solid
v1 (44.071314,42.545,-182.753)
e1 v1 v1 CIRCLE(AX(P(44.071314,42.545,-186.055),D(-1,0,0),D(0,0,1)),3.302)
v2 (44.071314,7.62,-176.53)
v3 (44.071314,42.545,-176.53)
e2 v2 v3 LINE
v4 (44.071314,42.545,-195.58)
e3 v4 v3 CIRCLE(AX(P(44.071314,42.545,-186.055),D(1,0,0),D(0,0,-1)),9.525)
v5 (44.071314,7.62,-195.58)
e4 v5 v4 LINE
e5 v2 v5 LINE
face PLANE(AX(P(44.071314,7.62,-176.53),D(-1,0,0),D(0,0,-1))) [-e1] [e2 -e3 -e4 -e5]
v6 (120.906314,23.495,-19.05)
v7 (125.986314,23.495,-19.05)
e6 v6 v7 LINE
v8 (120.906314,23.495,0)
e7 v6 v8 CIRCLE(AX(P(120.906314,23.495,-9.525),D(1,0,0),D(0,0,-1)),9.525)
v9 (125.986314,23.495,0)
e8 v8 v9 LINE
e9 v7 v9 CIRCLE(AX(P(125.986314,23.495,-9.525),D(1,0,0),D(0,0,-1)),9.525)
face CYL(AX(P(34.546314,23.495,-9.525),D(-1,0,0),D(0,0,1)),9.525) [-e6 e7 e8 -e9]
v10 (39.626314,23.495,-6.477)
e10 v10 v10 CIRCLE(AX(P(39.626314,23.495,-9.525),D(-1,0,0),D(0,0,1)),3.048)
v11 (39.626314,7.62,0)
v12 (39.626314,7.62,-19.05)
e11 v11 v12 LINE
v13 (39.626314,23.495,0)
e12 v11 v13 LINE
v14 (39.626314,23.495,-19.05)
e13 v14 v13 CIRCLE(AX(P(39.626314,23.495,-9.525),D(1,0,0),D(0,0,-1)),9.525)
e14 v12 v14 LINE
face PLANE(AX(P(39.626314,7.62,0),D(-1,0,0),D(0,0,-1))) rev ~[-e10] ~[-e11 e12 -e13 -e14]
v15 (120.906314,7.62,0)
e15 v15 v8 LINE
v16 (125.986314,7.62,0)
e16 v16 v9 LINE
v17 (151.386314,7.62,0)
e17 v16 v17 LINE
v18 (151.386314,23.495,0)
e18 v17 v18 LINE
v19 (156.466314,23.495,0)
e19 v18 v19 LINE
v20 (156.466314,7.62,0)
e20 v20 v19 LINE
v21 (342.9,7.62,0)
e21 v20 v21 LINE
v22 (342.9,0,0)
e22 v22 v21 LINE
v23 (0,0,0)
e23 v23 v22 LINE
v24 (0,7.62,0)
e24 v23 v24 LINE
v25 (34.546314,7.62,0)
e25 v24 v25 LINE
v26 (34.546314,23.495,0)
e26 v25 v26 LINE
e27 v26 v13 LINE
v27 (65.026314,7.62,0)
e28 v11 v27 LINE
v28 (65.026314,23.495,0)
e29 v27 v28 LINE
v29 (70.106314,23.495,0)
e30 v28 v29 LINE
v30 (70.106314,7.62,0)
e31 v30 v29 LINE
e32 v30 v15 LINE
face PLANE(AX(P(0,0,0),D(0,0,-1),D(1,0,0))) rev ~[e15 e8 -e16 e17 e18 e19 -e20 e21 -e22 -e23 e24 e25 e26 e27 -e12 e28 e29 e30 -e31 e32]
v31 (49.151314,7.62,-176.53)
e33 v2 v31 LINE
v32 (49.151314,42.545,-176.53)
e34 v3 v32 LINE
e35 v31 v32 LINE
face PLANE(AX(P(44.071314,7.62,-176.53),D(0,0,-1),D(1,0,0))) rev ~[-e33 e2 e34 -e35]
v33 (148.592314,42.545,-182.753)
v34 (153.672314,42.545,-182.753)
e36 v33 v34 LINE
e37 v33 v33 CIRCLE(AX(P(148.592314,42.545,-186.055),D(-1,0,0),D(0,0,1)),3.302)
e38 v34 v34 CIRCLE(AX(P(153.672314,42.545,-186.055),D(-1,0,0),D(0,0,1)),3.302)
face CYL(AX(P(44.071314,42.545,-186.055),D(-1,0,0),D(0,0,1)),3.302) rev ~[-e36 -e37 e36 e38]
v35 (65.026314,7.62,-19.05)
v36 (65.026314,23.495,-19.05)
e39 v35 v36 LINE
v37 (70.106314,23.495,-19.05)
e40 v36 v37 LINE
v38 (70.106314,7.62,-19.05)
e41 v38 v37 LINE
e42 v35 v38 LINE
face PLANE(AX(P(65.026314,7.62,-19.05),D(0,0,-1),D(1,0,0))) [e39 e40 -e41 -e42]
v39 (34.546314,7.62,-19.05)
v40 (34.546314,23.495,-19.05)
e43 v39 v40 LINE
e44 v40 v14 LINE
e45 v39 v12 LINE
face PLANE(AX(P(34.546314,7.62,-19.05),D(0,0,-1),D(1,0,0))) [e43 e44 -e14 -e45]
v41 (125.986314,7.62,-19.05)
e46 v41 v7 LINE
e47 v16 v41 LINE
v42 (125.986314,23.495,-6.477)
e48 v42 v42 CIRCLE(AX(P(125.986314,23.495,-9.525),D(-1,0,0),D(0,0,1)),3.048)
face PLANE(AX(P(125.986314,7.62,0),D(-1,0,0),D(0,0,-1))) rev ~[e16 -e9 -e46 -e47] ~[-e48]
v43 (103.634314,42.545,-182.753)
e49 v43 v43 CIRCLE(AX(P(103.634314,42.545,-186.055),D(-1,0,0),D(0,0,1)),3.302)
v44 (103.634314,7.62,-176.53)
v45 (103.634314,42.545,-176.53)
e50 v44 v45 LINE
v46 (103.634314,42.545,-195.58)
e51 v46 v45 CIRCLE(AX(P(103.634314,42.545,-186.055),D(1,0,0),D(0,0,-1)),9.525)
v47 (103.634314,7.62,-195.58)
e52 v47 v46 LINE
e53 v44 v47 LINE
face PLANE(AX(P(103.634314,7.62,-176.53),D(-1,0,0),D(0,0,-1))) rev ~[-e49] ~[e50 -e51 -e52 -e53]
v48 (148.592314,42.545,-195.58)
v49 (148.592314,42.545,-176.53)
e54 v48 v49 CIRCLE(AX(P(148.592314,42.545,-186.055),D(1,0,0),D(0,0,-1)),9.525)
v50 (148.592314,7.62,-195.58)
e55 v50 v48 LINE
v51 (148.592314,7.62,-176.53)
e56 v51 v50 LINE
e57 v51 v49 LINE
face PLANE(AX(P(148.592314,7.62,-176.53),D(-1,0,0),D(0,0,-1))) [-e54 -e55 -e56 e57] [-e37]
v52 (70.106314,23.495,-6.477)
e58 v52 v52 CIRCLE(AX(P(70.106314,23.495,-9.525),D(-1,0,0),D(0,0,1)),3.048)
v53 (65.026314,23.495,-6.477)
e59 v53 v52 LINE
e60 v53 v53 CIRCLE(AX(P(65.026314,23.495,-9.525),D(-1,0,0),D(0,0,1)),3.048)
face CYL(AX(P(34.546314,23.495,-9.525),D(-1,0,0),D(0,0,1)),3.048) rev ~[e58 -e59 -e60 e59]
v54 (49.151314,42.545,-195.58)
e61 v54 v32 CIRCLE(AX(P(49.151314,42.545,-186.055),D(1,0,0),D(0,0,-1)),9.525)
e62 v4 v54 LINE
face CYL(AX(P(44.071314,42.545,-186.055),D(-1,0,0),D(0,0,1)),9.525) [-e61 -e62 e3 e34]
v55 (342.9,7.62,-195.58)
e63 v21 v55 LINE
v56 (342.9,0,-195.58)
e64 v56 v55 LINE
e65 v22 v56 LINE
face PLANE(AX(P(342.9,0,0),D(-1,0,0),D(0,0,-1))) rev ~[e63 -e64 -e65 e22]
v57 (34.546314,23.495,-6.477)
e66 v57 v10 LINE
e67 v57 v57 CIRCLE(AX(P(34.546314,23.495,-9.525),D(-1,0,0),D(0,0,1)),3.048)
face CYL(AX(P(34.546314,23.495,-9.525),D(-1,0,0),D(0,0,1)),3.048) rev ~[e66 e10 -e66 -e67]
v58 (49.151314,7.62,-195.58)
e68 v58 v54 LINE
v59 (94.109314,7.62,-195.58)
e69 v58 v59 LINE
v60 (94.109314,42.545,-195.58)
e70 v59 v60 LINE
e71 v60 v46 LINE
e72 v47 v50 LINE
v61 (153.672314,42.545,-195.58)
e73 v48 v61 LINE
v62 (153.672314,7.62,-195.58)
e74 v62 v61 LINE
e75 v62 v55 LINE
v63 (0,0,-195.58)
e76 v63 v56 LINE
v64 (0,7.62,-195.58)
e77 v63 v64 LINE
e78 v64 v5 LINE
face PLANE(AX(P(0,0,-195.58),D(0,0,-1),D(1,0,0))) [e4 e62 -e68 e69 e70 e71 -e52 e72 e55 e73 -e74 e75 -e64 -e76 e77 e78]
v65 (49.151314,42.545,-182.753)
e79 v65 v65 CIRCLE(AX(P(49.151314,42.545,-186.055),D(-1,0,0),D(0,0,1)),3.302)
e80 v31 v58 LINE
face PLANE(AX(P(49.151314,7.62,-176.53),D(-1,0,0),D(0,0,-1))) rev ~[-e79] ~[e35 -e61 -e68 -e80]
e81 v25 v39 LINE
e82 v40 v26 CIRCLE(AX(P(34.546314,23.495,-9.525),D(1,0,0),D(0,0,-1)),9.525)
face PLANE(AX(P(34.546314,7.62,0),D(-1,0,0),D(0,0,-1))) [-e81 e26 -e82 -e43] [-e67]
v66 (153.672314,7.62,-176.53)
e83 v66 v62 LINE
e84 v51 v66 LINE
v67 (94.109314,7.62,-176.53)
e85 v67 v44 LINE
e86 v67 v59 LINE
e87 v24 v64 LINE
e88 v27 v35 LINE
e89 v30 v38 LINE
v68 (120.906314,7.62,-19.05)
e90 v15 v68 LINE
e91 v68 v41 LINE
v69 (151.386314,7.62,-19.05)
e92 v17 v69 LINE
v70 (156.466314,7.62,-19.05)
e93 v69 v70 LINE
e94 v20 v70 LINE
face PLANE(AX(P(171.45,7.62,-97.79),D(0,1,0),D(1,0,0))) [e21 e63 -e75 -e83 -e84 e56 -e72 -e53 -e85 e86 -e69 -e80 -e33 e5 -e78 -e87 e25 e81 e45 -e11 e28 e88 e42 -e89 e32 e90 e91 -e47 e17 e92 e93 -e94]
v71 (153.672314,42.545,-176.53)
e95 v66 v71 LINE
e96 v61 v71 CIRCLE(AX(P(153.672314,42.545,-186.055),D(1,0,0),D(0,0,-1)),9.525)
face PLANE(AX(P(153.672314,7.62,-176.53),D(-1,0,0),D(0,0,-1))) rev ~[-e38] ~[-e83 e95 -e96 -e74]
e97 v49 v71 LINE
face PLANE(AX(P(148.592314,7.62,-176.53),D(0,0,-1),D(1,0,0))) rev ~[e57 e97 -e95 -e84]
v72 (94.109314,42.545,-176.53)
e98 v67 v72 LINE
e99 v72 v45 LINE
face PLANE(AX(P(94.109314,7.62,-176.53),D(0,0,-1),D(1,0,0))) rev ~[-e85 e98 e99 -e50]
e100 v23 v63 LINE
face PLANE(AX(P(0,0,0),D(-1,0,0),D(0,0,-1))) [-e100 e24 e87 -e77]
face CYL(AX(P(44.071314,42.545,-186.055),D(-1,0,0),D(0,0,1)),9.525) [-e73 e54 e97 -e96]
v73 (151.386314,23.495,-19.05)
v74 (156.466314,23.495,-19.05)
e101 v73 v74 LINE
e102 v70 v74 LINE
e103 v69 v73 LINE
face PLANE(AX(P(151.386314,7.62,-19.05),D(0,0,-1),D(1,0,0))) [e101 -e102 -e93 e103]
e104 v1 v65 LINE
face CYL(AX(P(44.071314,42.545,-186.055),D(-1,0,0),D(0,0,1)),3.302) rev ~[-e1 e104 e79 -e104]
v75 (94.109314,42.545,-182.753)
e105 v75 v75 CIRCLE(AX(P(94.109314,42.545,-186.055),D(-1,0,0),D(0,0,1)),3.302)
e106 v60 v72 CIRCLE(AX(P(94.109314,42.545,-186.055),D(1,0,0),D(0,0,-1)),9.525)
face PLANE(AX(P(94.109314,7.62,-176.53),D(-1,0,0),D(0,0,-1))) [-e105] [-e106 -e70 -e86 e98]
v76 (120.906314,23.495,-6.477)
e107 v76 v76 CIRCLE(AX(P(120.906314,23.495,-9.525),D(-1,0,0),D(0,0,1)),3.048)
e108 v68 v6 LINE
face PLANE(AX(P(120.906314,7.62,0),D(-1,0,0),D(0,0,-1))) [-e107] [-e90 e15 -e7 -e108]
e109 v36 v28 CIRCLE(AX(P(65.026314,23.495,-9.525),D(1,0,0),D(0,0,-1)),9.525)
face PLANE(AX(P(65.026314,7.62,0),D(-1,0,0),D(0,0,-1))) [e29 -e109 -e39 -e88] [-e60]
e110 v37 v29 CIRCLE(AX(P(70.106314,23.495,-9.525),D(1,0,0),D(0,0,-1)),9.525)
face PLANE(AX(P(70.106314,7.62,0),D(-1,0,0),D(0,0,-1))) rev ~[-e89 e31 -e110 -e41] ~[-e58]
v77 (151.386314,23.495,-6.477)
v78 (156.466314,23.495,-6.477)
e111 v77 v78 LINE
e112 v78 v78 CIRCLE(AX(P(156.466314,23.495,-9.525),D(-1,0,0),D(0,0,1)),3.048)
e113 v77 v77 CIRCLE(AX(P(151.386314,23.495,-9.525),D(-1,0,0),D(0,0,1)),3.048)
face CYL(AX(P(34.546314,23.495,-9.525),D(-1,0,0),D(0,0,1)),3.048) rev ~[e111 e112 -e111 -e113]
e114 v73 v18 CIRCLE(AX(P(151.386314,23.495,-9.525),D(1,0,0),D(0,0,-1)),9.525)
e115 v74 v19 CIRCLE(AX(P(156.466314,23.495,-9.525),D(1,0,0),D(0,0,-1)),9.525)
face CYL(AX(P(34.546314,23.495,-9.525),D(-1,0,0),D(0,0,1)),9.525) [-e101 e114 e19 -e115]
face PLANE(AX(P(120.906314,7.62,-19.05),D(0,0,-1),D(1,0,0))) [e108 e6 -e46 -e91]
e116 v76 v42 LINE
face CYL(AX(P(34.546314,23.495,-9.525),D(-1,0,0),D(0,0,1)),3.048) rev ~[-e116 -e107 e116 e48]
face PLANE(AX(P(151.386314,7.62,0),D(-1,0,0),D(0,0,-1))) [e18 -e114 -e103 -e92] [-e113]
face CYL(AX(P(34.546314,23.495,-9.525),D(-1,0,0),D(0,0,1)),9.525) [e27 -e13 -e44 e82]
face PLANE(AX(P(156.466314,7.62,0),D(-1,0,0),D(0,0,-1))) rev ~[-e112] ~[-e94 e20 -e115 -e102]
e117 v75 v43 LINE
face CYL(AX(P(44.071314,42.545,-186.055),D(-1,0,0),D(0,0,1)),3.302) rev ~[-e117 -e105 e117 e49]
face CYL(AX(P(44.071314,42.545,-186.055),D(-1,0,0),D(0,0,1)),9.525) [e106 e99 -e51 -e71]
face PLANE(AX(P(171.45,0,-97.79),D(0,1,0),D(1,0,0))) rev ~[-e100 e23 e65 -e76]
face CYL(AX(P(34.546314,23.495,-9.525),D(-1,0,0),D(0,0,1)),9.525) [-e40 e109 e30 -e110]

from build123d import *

# Parameters (mm, degrees)
SKETCH1_W               = 342.9
SKETCH1_H               = 195.58
BOSS_EXTRUDE1_DEPTH     = 7.62
SKETCH2_W               = 5.08
SKETCH2_H               = 19.05
BOSS_EXTRUDE2_DEPTH     = 25.4
SKETCH3_R               = 3.048
CUT_EXTRUDE1_DEPTH      = 367.63858527
SKETCH2_4_W             = 5.08
SKETCH2_4_H             = 19.05
SKETCH2_4_W_2           = 9.525
BOSS_EXTRUDE3_DEPTH     = 44.45
CUT_EXTRUDE2_DEPTH      = 361.917448488
CUT_EXTRUDE2_DEPTH_BACK = 492.252
SKETCH4_R               = 3.302


with BuildPart() as part:
    # Sketch1 → Boss-Extrude1 (new body)
    with BuildSketch(Plane(origin=(0, 0, 0), x_dir=(1, 0, 0), z_dir=(0, 1, 0))):
        with Locations((171.45, 97.79)):
            Rectangle(SKETCH1_W, SKETCH1_H)
    extrude(amount=BOSS_EXTRUDE1_DEPTH)

    # Sketch2 → Boss-Extrude2 (add)
    with BuildSketch(Plane(origin=(0, 7.62, 0), x_dir=(1, 0, 0), z_dir=(0, 1, 0))):
        with Locations((37.086314424, 9.525)):
            Rectangle(SKETCH2_W, SKETCH2_H)
        with Locations((153.926314424, 9.525)):
            Rectangle(SKETCH2_W, SKETCH2_H)
        with Locations((123.446314424, 9.525)):
            Rectangle(SKETCH2_W, SKETCH2_H)
        with Locations((67.566314424, 9.525)):
            Rectangle(SKETCH2_W, SKETCH2_H)
    extrude(amount=BOSS_EXTRUDE2_DEPTH)

    # Sketch3 → Cut-Extrude1 (cut, through all)
    with BuildSketch(Plane.ZY.offset(-34.546314424)):
        with Locations((-9.525, 23.495)):
            Circle(SKETCH3_R)
        with BuildLine():
            Line((-19.05, 23.495), (-20.422011891, 33.02))
            Line((-20.422011891, 33.02), (2.969055393, 35.880507904))
            Line((2.969055393, 35.880507904), (0, 23.495))
            ThreePointArc((0, 23.495), (-9.525, 33.02), (-19.05, 23.495))
        make_face()
    extrude(amount=-CUT_EXTRUDE1_DEPTH, mode=Mode.SUBTRACT)

    # Sketch2<4> → Boss-Extrude3 (add)
    with BuildSketch(Plane(origin=(0, 7.62, 0), x_dir=(1, 0, 0), z_dir=(0, 1, 0))):
        with Locations((46.611314424, 186.055)):
            Rectangle(SKETCH2_4_W, SKETCH2_4_H)
        with Locations((151.132314424, 186.055)):
            Rectangle(SKETCH2_4_W, SKETCH2_4_H)
        with Locations((98.871814424, 186.055)):
            Rectangle(SKETCH2_4_W_2, SKETCH2_4_H)
    extrude(amount=BOSS_EXTRUDE3_DEPTH)

    # Sketch4 → Cut-Extrude2 (cut, two sides: drawn at the far end of the back side and taken through both)
    with BuildSketch(Plane.ZY.offset(-44.071314424).offset(-CUT_EXTRUDE2_DEPTH_BACK)):
        with Locations((-186.055, 42.545)):
            Circle(SKETCH4_R)
        with BuildLine():
            Line((-195.58, 42.545), (-197.59428292, 55.074082425))
            Line((-197.59428292, 55.074082425), (-172.116639762, 54.451508438))
            Line((-172.116639762, 54.451508438), (-176.53, 42.545))
            ThreePointArc((-176.53, 42.545), (-186.055, 52.07), (-195.58, 42.545))
        make_face()
    extrude(amount=CUT_EXTRUDE2_DEPTH + CUT_EXTRUDE2_DEPTH_BACK, mode=Mode.SUBTRACT)


solid = part.part
